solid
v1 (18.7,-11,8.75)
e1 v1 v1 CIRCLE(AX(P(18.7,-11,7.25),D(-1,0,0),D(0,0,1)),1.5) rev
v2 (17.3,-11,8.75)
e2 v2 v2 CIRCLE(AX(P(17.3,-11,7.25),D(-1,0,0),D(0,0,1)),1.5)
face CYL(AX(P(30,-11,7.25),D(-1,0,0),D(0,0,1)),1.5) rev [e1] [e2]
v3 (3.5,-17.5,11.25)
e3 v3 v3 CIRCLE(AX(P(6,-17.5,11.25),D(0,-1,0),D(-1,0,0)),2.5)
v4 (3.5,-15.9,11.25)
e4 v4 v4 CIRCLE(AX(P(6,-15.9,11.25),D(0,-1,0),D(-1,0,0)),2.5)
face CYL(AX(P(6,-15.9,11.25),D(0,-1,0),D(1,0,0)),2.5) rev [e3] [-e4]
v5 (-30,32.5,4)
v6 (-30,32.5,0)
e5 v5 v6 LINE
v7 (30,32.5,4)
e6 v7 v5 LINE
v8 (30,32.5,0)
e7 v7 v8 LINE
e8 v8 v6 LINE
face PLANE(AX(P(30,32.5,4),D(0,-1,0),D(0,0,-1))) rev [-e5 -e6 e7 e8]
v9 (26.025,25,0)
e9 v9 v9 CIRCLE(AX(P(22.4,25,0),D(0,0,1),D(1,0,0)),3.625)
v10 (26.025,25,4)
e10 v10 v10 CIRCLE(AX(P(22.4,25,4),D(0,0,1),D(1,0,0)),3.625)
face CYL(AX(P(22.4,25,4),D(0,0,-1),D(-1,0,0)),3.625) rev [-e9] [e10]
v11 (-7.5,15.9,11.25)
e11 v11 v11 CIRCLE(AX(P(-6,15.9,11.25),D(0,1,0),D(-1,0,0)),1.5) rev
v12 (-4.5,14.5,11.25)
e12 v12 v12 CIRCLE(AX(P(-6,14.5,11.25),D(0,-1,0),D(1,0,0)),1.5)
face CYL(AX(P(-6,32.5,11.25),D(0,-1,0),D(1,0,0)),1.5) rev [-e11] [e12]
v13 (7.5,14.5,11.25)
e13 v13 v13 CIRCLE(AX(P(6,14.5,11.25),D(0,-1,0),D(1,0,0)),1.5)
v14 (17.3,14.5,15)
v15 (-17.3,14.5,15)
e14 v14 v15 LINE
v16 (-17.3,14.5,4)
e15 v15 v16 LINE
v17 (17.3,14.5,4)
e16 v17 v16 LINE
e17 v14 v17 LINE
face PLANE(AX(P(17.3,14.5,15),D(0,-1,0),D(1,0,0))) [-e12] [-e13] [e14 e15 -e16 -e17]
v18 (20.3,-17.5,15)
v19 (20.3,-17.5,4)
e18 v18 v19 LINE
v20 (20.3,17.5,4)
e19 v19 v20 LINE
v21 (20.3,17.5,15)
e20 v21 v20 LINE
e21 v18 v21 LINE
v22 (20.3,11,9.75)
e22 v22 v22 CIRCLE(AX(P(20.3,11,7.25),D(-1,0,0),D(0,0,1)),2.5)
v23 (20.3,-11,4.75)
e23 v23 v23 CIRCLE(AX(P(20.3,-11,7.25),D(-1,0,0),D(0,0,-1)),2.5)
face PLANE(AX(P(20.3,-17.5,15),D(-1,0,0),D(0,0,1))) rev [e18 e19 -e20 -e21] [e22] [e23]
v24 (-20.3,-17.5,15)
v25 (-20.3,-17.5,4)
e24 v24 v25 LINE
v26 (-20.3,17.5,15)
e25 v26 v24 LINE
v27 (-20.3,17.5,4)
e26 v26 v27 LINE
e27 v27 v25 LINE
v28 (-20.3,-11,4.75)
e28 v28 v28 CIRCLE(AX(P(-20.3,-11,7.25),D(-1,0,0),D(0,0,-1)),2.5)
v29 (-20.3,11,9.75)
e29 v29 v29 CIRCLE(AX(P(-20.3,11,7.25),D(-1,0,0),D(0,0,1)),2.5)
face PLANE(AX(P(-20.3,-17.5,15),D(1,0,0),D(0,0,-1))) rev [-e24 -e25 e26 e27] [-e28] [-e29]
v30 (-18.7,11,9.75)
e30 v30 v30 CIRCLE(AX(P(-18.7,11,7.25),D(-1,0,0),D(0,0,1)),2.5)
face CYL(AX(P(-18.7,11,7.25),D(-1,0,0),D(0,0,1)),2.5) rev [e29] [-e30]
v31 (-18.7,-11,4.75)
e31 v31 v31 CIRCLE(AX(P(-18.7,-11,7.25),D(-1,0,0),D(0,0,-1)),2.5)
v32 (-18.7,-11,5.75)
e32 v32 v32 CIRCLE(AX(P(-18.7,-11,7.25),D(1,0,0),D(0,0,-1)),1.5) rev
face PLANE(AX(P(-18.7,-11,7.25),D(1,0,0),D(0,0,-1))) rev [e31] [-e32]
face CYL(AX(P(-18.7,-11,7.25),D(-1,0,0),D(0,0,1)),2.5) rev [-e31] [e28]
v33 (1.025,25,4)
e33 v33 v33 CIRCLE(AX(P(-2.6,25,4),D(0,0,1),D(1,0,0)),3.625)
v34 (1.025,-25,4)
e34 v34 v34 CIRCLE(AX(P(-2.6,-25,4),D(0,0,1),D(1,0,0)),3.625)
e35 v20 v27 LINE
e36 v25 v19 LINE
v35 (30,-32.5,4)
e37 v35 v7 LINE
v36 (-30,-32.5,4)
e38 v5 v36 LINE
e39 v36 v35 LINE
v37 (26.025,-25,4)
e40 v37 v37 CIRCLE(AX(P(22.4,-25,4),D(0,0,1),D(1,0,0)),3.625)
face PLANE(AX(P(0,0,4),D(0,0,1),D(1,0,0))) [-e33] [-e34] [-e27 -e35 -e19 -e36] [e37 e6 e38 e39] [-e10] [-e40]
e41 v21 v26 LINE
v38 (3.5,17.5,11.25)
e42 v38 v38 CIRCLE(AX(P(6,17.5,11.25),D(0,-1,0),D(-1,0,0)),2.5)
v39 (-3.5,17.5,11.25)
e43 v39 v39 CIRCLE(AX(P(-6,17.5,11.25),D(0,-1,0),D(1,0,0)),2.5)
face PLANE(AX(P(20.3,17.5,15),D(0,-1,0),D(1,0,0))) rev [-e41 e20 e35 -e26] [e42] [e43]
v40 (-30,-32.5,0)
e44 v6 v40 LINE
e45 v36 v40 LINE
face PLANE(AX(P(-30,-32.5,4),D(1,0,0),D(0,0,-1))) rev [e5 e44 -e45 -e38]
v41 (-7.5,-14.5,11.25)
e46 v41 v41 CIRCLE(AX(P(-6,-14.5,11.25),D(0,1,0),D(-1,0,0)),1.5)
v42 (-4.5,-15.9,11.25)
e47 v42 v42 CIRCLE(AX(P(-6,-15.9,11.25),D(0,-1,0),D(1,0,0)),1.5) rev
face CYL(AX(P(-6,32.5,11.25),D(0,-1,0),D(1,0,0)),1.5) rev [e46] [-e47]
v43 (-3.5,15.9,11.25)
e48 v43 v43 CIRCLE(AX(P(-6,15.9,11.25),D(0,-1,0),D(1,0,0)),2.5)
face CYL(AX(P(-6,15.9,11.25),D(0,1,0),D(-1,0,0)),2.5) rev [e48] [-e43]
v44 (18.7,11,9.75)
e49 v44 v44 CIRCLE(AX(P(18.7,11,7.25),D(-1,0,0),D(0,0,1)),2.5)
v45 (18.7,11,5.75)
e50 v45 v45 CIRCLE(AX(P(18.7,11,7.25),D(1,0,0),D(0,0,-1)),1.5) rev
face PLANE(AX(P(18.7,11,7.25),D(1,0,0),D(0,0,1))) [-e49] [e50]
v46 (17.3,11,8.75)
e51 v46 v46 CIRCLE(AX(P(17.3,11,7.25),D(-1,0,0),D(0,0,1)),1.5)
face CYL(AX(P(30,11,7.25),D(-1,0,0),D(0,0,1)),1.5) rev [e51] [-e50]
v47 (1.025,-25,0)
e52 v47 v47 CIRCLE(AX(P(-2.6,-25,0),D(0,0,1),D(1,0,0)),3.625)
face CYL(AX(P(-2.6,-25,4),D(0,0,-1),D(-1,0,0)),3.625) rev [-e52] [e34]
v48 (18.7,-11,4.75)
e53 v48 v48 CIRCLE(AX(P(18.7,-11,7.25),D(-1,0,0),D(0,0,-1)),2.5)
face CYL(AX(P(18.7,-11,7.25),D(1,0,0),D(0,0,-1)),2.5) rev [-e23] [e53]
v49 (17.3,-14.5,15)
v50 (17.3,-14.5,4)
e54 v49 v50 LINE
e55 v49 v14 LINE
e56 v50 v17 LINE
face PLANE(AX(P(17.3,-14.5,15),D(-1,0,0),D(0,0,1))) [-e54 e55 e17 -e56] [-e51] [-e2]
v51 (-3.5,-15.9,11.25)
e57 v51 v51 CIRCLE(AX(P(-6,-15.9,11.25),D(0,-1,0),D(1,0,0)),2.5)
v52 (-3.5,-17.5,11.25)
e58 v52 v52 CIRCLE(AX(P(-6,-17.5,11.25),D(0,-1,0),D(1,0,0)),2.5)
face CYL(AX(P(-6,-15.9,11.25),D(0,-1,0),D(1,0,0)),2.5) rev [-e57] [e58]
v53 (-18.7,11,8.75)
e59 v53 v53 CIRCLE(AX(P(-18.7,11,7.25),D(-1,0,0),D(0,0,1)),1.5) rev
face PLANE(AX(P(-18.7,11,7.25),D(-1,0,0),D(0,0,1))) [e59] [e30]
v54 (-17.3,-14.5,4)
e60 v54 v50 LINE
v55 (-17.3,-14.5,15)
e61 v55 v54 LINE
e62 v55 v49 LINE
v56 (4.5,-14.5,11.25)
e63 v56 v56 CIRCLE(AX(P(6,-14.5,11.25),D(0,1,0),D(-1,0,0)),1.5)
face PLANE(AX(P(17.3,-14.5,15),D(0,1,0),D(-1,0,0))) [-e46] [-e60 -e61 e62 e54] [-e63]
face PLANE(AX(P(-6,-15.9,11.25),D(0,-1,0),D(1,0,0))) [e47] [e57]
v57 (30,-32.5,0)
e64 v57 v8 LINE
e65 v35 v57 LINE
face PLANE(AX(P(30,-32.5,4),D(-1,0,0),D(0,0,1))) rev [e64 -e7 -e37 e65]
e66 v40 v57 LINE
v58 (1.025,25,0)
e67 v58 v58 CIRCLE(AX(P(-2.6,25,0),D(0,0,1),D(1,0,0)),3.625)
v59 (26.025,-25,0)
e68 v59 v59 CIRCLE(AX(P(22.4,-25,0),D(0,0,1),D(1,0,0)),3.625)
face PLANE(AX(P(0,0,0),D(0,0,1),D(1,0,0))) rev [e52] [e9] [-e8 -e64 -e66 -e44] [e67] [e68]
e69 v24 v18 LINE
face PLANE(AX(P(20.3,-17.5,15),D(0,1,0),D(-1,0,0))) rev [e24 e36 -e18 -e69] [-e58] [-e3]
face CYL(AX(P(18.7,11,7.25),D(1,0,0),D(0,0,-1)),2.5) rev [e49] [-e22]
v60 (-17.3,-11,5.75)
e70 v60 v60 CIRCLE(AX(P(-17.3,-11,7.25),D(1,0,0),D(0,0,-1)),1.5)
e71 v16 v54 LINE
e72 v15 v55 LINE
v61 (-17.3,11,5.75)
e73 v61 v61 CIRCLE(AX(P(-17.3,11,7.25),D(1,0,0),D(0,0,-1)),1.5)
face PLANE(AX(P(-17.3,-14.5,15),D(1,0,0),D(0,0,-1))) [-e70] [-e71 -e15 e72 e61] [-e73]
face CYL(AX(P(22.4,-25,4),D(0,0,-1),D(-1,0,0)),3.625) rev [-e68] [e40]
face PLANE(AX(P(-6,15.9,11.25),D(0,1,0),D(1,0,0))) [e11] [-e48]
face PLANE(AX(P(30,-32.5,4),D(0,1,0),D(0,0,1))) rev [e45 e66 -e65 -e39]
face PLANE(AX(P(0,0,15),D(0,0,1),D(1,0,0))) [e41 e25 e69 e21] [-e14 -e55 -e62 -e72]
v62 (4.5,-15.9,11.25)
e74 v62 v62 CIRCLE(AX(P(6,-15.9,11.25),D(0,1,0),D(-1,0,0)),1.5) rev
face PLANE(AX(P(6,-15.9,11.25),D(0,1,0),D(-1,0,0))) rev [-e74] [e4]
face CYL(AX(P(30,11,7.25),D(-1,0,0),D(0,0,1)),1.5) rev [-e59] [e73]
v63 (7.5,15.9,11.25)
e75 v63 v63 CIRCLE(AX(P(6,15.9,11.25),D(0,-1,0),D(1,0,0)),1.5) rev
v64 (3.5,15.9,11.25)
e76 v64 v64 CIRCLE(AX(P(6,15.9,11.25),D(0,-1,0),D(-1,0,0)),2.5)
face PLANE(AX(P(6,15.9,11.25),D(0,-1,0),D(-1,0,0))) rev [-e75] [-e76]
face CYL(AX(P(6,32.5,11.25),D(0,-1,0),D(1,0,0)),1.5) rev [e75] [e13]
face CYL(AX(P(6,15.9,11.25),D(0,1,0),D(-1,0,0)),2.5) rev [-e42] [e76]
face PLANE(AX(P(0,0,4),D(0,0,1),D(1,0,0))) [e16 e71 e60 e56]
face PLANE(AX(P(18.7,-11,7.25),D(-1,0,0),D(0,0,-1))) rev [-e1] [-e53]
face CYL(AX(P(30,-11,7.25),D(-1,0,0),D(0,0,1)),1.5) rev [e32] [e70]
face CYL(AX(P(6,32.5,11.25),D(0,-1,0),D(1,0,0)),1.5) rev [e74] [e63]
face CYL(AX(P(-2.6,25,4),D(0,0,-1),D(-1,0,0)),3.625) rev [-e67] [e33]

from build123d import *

# Parameters (mm, degrees)
SKETCH_1_W          = 60
SKETCH_1_H          = 65
SKETCH_1_R          = 3.625
EXTRUDE_1_DEPTH     = 4
SKETCH_2_W          = 40.6
SKETCH_2_H          = 35
SKETCH_2_W_2        = 34.6
SKETCH_2_H_2        = 29
EXTRUDE_2_DEPTH     = 11
SKETCH_3_R          = 1.5
CUT_EXTRUDE_1_DEPTH = 51
SKETCH_4_R          = 2.5
CUT_EXTRUDE_2_DEPTH = 1.6
SKETCH_5_R          = 1.5
CUT_EXTRUDE_3_DEPTH = 51.3
SKETCH_6_R          = 2.5
CUT_EXTRUDE_4_DEPTH = 1.6


with BuildPart() as part:
    # 스케치1 → 보스-돌출1 (new body)
    with BuildSketch(Plane.XY):
        Rectangle(SKETCH_1_W, SKETCH_1_H)
        with Locations((-2.6, 25)):
            Circle(SKETCH_1_R, mode=Mode.SUBTRACT)
        with Locations((-2.6, -25)):
            Circle(SKETCH_1_R, mode=Mode.SUBTRACT)
        with Locations((22.4, 25)):
            Circle(SKETCH_1_R, mode=Mode.SUBTRACT)
        with Locations((22.4, -25)):
            Circle(SKETCH_1_R, mode=Mode.SUBTRACT)
    extrude(amount=EXTRUDE_1_DEPTH)

    # 스케치2 → 보스-돌출2 (add)
    with BuildSketch(Plane.XY.offset(4)):
        Rectangle(SKETCH_2_W, SKETCH_2_H)
        Rectangle(SKETCH_2_W_2, SKETCH_2_H_2, mode=Mode.SUBTRACT)
    extrude(amount=EXTRUDE_2_DEPTH)

    # 스케치3 → 컷-돌출1 (cut, through all)
    with BuildSketch(Plane.XZ.offset(17.5)):
        with Locations((-6, 11.25)):
            Circle(SKETCH_3_R)
        with Locations((6, 11.25)):
            Circle(SKETCH_3_R)
    extrude(amount=-CUT_EXTRUDE_1_DEPTH, mode=Mode.SUBTRACT)

    # 스케치4 → 컷-돌출2 (cut)
    with BuildSketch(Plane.XZ.offset(17.5)):
        with Locations((-6, 11.25)):
            Circle(SKETCH_4_R)
        with Locations((6, 11.25)):
            Circle(SKETCH_4_R)
    cut_extrude_2 = extrude(amount=-CUT_EXTRUDE_2_DEPTH, mode=Mode.SUBTRACT)

    # 대칭 복사1: 컷-돌출2 across plane
    add(cut_extrude_2.mirror(Plane.ZX), mode=Mode.SUBTRACT)

    # 스케치5 → 컷-돌출3 (cut, through all)
    with BuildSketch(Plane.ZY.offset(20.3)):
        with Locations((7.25, -11)):
            Circle(SKETCH_5_R)
        with Locations((7.25, 11)):
            Circle(SKETCH_5_R)
    extrude(amount=-CUT_EXTRUDE_3_DEPTH, mode=Mode.SUBTRACT)

    # 스케치6 → 컷-돌출4 (cut)
    with BuildSketch(Plane.ZY.offset(20.3)):
        with Locations((7.25, 11)):
            Circle(SKETCH_6_R)
        with Locations((7.25, -11)):
            Circle(SKETCH_6_R)
    cut_extrude_4 = extrude(amount=-CUT_EXTRUDE_4_DEPTH, mode=Mode.SUBTRACT)

    # 대칭 복사2: 컷-돌출4 across plane
    add(cut_extrude_4.mirror(Plane(origin=(0, 0, 0), x_dir=(0, 0, 1), z_dir=(1, 0, 0))), mode=Mode.SUBTRACT)


solid = part.part
